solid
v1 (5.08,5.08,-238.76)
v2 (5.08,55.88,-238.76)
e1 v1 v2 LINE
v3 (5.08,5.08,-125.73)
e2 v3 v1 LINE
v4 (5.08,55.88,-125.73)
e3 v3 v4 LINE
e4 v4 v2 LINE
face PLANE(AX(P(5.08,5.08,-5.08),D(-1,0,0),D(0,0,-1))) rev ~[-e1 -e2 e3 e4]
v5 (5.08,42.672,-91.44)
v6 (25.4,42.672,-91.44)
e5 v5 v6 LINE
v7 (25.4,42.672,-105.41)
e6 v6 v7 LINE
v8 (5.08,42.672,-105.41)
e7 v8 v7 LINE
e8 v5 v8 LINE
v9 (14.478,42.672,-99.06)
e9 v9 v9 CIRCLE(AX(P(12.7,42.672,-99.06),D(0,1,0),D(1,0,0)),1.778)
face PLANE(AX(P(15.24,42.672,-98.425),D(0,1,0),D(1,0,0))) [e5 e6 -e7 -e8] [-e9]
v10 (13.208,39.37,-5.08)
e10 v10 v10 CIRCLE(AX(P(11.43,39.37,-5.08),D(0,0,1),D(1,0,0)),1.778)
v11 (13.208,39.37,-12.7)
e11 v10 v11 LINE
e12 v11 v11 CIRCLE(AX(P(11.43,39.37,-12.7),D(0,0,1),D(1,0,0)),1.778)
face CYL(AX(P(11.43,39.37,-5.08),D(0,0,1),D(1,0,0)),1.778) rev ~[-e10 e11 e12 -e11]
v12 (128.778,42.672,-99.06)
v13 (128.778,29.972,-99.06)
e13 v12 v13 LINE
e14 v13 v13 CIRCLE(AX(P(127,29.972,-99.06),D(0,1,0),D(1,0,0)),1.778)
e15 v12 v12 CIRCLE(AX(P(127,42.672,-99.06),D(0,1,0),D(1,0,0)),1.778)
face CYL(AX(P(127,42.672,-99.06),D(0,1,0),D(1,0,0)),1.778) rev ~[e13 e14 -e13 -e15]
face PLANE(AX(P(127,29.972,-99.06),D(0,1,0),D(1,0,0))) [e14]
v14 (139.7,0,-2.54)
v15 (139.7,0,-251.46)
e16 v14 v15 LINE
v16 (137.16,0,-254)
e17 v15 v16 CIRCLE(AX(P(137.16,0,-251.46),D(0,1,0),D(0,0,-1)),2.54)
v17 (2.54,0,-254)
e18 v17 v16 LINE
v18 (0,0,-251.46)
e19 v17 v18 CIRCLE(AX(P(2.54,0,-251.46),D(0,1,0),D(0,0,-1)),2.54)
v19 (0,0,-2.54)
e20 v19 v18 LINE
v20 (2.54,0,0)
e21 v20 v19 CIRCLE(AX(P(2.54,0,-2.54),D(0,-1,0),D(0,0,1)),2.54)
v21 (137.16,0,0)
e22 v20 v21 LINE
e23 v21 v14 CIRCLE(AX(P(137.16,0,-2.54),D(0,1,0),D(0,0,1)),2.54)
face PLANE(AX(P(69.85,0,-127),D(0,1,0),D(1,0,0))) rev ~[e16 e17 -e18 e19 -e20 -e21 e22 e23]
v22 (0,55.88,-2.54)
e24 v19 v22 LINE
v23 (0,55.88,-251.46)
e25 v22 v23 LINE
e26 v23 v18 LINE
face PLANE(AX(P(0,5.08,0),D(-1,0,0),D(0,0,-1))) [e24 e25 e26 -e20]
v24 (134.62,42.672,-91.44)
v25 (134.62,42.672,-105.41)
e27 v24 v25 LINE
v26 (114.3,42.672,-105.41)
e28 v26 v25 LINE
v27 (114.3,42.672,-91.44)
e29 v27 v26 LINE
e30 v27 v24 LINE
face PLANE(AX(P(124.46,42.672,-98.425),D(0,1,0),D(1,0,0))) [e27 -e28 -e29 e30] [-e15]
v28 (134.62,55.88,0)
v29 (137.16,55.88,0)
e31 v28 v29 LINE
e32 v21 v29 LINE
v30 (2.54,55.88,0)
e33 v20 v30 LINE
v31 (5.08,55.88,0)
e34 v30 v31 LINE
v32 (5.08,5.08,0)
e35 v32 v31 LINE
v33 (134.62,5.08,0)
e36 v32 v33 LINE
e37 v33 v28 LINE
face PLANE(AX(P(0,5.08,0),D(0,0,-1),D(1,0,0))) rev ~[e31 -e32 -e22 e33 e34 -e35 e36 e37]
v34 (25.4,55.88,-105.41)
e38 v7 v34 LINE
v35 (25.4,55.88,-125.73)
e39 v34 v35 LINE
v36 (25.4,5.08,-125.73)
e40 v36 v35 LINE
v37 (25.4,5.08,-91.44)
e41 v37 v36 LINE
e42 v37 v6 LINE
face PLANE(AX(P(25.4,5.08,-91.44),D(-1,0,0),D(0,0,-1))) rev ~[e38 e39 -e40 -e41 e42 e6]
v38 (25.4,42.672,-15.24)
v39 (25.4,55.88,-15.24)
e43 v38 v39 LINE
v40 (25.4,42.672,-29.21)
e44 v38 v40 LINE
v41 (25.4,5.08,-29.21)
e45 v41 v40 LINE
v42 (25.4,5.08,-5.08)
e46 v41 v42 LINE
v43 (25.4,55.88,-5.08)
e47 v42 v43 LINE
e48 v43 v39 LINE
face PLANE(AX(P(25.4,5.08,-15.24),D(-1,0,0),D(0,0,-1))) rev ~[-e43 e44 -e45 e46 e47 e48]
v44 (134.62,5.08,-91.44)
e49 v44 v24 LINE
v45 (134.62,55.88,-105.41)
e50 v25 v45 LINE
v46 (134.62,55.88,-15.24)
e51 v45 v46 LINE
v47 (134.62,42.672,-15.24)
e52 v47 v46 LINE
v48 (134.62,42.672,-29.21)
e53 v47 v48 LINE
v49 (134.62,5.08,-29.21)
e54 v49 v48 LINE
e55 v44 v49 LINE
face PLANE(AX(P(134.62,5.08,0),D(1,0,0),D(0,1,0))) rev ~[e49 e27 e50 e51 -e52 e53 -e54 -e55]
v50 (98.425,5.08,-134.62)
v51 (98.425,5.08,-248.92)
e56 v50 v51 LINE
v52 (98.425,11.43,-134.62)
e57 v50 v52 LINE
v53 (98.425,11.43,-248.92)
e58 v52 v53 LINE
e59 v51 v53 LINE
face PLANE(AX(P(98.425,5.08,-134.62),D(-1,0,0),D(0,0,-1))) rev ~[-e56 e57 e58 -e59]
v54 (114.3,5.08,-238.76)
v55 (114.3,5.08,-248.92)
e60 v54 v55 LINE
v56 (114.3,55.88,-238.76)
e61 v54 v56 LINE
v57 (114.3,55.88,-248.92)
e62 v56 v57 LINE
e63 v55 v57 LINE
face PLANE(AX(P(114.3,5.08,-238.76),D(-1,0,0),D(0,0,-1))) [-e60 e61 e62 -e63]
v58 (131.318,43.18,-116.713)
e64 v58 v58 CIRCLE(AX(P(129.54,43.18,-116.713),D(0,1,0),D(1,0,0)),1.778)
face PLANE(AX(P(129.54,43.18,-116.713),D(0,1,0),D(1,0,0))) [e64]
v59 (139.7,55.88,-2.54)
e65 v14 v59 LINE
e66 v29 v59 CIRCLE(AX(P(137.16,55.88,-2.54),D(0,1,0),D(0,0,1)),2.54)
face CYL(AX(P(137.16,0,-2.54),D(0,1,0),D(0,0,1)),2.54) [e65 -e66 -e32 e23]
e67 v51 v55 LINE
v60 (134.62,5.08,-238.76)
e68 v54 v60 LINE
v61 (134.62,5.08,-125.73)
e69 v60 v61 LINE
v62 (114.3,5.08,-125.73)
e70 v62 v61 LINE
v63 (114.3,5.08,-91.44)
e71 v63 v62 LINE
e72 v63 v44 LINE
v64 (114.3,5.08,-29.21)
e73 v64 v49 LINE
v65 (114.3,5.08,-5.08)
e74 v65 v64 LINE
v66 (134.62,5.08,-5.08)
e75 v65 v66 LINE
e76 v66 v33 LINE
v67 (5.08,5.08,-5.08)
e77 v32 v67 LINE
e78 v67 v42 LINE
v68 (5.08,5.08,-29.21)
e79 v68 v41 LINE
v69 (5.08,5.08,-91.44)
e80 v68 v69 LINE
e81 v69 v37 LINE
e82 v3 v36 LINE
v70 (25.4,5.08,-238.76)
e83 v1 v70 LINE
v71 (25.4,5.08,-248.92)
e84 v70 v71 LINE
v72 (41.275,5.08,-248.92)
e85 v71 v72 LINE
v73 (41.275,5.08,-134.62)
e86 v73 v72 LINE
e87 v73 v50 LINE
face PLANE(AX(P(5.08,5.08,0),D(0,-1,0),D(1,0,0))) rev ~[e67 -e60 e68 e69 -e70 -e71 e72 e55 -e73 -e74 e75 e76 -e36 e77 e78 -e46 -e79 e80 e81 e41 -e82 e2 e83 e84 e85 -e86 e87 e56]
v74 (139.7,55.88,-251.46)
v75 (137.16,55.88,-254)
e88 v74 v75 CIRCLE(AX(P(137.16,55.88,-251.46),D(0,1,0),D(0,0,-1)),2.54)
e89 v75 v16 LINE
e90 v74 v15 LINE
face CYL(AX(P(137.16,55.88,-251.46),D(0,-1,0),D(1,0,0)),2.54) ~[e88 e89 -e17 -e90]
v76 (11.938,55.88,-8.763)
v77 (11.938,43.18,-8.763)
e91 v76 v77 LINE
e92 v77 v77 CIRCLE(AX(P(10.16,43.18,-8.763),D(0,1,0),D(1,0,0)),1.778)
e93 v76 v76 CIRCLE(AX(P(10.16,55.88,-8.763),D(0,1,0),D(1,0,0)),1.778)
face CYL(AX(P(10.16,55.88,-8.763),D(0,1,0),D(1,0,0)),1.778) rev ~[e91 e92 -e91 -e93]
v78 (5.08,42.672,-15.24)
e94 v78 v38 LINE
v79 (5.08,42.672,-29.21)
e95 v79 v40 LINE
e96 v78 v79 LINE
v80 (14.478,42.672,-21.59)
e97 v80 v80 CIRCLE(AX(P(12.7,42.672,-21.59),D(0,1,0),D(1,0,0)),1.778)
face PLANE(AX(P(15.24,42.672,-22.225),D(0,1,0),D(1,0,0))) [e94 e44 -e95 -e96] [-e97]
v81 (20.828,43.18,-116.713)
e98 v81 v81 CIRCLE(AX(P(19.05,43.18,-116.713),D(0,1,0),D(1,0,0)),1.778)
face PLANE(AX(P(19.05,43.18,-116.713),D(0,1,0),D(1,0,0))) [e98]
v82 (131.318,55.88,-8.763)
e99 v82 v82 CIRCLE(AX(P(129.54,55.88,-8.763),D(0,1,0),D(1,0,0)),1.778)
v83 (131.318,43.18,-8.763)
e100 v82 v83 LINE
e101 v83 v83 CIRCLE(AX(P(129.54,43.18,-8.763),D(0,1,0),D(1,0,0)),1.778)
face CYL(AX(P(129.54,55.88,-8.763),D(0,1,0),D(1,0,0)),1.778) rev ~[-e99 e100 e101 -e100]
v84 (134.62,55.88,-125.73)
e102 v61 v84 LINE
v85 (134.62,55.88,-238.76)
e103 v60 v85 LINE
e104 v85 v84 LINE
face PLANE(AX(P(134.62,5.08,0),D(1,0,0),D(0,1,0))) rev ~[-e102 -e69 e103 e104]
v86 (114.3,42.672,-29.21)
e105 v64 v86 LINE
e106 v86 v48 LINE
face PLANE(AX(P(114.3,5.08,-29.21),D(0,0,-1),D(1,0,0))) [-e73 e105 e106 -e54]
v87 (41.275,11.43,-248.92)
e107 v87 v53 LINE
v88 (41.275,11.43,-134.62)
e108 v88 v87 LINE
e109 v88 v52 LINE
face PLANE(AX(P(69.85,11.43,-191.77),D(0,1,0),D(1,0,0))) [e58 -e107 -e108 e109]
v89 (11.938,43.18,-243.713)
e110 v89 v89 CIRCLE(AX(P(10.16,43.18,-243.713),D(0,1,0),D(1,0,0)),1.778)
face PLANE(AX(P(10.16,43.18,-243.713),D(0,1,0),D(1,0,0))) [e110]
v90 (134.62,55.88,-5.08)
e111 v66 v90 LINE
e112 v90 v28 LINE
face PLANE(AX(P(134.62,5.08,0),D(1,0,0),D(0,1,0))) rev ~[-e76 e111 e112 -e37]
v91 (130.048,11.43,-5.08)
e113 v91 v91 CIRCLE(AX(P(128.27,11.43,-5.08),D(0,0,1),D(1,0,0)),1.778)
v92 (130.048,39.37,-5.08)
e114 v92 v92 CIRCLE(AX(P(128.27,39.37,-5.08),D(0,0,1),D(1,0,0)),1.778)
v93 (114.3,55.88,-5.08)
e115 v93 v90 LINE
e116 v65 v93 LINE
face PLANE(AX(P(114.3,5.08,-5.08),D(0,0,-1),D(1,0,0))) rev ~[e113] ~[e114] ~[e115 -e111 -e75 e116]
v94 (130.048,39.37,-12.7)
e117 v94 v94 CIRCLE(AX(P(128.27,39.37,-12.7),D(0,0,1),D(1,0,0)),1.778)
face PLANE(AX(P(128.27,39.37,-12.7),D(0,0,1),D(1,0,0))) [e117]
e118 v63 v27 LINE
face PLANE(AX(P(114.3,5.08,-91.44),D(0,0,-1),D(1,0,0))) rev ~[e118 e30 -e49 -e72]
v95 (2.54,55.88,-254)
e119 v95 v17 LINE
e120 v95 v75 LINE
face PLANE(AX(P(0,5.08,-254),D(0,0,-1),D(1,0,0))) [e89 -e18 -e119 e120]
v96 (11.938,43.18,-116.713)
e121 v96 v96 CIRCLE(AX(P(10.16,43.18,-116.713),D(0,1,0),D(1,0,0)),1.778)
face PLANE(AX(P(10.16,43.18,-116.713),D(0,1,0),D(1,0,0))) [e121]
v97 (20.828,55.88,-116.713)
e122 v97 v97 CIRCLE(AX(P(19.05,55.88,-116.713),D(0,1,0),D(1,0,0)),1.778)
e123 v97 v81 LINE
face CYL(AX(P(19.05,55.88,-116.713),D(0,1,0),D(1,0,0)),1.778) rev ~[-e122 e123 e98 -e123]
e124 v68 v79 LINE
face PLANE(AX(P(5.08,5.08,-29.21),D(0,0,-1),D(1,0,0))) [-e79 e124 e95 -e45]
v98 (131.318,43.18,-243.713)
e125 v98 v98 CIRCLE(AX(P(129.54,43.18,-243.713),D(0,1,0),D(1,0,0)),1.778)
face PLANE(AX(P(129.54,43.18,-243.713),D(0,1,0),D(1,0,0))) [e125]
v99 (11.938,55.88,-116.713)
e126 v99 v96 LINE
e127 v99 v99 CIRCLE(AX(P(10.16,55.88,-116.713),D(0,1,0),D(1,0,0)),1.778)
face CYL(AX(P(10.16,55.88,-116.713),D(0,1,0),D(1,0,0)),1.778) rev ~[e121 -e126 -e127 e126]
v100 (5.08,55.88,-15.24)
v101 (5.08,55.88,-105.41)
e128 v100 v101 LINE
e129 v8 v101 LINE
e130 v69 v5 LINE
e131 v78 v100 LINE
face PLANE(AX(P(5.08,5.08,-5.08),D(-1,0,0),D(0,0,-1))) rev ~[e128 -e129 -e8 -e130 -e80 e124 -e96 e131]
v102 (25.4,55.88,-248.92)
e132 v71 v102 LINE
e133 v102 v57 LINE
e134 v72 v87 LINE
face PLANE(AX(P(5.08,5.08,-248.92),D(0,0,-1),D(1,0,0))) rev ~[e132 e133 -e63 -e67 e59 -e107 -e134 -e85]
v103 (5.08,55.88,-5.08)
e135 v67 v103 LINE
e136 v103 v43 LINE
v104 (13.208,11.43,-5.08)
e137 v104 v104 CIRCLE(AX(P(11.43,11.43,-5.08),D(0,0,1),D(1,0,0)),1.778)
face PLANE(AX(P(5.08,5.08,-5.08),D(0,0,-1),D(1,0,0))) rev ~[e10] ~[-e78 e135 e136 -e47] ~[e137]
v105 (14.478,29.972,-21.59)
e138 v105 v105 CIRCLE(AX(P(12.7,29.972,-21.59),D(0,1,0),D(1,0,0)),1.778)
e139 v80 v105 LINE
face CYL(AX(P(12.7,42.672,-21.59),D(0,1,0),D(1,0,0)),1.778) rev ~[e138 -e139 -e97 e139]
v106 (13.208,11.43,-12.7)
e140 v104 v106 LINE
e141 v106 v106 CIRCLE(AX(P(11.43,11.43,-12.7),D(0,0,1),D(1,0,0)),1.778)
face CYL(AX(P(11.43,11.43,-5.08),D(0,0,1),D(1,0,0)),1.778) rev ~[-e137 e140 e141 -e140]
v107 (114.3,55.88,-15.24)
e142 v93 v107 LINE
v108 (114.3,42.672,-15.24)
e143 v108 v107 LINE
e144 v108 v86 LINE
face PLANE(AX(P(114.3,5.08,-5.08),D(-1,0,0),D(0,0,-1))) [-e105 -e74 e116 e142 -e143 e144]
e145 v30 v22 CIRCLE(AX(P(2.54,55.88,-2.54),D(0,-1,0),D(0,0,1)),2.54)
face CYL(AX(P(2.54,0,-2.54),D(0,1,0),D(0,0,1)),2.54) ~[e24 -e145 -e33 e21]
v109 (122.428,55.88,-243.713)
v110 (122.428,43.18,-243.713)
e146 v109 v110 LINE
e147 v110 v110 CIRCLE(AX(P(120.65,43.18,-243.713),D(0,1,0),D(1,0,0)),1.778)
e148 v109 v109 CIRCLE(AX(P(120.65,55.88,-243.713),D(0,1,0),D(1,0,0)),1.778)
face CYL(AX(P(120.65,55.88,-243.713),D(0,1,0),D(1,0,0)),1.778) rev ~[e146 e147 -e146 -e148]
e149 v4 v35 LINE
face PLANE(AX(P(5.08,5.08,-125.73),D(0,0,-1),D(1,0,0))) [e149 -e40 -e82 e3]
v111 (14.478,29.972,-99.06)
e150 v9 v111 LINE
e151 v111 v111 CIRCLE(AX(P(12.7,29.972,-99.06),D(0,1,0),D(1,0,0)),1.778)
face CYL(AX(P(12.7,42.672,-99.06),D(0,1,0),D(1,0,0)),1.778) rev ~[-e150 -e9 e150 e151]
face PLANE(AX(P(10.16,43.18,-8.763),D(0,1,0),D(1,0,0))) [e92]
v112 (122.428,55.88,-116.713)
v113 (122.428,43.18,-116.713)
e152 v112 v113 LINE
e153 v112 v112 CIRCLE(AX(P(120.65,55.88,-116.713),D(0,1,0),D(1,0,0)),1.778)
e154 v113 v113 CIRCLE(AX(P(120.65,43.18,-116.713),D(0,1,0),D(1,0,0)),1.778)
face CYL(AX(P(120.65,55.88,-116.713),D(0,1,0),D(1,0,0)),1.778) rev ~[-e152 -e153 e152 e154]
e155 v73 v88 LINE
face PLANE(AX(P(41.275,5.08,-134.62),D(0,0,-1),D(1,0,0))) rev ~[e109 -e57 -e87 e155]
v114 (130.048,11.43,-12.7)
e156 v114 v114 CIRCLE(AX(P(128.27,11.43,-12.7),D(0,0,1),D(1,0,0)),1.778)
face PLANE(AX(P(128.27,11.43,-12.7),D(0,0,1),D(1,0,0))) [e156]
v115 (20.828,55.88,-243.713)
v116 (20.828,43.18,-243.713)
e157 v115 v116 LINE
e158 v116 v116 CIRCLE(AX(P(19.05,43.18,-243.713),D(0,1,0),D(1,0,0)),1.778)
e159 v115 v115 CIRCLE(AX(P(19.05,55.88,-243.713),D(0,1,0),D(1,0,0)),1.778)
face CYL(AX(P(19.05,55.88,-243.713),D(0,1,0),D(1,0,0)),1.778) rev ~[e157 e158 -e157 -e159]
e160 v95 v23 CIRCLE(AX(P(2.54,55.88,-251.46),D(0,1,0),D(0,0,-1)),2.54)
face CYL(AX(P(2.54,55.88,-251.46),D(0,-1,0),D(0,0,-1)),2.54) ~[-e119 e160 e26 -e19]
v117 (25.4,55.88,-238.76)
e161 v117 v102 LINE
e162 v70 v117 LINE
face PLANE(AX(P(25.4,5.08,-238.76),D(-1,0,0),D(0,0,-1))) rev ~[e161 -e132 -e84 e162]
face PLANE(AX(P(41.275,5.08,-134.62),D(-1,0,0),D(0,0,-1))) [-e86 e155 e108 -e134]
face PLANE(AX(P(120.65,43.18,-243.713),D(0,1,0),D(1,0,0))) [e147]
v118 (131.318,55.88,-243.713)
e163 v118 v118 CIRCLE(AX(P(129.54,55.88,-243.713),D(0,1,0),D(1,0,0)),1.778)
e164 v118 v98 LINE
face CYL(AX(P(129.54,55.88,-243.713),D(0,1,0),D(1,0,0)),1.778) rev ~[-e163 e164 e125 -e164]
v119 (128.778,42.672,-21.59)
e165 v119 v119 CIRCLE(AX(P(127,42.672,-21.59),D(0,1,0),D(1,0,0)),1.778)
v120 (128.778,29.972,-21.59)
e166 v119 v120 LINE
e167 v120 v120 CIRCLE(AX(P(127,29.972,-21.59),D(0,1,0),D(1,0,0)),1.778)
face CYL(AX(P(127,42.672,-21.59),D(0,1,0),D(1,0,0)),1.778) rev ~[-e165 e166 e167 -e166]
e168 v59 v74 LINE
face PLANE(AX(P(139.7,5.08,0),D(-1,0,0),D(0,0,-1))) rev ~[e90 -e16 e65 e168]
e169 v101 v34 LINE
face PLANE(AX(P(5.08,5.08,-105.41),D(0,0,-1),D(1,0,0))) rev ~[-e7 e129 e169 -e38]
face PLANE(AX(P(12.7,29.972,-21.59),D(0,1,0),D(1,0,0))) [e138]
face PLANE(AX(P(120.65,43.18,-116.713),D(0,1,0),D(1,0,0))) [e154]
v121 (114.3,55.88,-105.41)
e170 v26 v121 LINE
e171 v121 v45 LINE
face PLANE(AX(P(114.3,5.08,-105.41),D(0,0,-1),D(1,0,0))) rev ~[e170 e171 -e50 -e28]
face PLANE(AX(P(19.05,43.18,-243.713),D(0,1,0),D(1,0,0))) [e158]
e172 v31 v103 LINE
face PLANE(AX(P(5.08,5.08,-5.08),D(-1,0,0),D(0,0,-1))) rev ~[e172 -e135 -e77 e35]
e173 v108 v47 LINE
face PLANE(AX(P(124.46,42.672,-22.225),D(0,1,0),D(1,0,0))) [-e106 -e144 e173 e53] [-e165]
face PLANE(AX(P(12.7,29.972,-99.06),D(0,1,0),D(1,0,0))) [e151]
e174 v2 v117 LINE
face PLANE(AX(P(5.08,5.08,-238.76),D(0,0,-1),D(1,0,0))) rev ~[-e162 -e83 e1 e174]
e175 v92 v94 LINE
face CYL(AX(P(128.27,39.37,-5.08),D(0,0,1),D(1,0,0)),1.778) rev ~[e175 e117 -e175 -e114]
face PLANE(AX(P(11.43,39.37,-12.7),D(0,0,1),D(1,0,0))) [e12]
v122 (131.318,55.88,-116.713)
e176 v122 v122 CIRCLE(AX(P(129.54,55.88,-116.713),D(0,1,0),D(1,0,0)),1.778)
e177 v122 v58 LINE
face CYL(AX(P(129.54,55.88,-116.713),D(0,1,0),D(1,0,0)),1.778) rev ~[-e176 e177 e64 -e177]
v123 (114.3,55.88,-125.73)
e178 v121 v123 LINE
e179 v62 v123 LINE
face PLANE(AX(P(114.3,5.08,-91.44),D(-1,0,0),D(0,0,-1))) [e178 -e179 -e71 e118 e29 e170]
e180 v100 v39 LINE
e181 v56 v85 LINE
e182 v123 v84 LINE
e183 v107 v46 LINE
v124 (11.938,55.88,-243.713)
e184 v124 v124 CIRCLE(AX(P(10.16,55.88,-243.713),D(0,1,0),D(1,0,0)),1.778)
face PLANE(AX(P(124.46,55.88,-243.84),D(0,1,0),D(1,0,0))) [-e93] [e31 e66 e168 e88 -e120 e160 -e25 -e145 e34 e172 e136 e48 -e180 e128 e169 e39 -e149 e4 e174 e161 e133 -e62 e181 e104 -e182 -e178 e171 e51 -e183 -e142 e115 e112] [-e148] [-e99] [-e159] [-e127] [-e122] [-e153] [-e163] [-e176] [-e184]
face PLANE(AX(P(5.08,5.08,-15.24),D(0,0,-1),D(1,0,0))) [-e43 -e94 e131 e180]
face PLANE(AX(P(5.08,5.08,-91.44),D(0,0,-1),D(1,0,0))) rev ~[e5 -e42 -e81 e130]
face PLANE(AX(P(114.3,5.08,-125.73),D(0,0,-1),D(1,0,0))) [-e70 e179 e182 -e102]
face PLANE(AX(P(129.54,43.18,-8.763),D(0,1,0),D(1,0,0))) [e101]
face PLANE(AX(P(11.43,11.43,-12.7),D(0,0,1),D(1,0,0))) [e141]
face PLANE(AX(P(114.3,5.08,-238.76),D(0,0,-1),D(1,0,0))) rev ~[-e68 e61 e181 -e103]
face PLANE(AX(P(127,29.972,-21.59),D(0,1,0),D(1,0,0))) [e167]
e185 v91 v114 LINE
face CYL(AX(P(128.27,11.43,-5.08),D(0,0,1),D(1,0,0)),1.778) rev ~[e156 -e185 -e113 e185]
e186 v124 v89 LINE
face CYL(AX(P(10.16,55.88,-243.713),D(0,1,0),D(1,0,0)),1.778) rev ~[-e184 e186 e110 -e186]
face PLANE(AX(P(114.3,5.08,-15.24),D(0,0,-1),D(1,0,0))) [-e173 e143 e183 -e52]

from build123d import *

# Parameters (mm, degrees)
SKETCH1_W                  = 139.7
SKETCH1_H                  = 254
BASE_DEPTH                 = 5.08
SKETCH2_W                  = 139.7
SKETCH2_H                  = 254
SKETCH2_W_2                = 129.54
SKETCH2_H_2                = 243.84
WALLS_DEPTH                = 50.8
SKETCH4_W                  = 129.54
SKETCH4_H                  = 50.8
BOTTOM_CUT_DEPTH           = 139.7
SKETCH12_W                 = 20.32
SKETCH12_H                 = 10.16
SKETCH12_H_2               = 20.32
MOUNTING_STRUTS_DEPTH      = 50.8
SKETCH13_R                 = 1.778
PANEL_MOUNTING_HOLES_DEPTH = 12.7
BOSS_EXTRUDE6_START        = -48.768
SKETCH14_W                 = 20.32
SKETCH14_H                 = 10.16
BOSS_EXTRUDE6_DEPTH        = 50.8
SKETCH17_R                 = 1.778
FRONT_MOUNTING_HOLES_DEPTH = 12.7
CORNER_FILLET_R            = 2.54
SKETCH18_W                 = 20.32
SKETCH18_H                 = 13.97
INSERT_MOUNT_DEPTH         = 37.592
SKETCH19_R                 = 1.778
CUT_EXTRUDE1_DEPTH         = 12.7
SKETCH20_W                 = 57.15
SKETCH20_H                 = 114.3
ARDUINO_MOUNT_DEPTH        = 6.35
SKETCH21_R                 = 1.778
CUT_EXTRUDE2_DEPTH         = 7.62


with BuildPart() as part:
    # Sketch1 → Base (new body)
    with BuildSketch(Plane(origin=(0, 0, 0), x_dir=(1, 0, 0), z_dir=(0, 1, 0))):
        with Locations((69.85, 127)):
            Rectangle(SKETCH1_W, SKETCH1_H)
    extrude(amount=BASE_DEPTH)

    # Sketch2 → Walls (add)
    with BuildSketch(Plane(origin=(0, 5.08, 0), x_dir=(1, 0, 0), z_dir=(0, 1, 0))):
        with Locations((69.85, 127)):
            Rectangle(SKETCH2_W, SKETCH2_H)
        with Locations((69.85, 127)):
            Rectangle(SKETCH2_W_2, SKETCH2_H_2, mode=Mode.SUBTRACT)
    extrude(amount=WALLS_DEPTH)

    # Sketch4 → Bottom Cut (cut)
    with BuildSketch(Plane.XY):
        with Locations((69.85, 30.48)):
            Rectangle(SKETCH4_W, SKETCH4_H)
    extrude(amount=-BOTTOM_CUT_DEPTH, mode=Mode.SUBTRACT)

    # Sketch12 → Mounting Struts (add)
    with BuildSketch(Plane(origin=(0, 5.08, 0), x_dir=(1, 0, 0), z_dir=(0, 1, 0))):
        with Locations((124.46, 243.84)):
            Rectangle(SKETCH12_W, SKETCH12_H)
        with Locations((15.24, 243.84)):
            Rectangle(SKETCH12_W, SKETCH12_H)
        with Locations((124.46, 115.57)):
            Rectangle(SKETCH12_W, SKETCH12_H_2)
        with Locations((15.24, 115.57)):
            Rectangle(SKETCH12_W, SKETCH12_H_2)
    extrude(amount=MOUNTING_STRUTS_DEPTH)

    # Sketch13 → Panel Mounting Holes (cut)
    with BuildSketch(Plane(origin=(0, 55.88, 0), x_dir=(1, 0, 0), z_dir=(0, 1, 0))):
        with Locations((120.65, 243.713)):
            Circle(SKETCH13_R)
        with Locations((19.05, 243.713)):
            Circle(SKETCH13_R)
        with Locations((120.65, 116.713)):
            Circle(SKETCH13_R)
        with Locations((19.05, 116.713)):
            Circle(SKETCH13_R)
    extrude(amount=-PANEL_MOUNTING_HOLES_DEPTH, mode=Mode.SUBTRACT)

    # Sketch14 → Boss-Extrude6 (add)
    with BuildSketch(Plane(origin=(0, 53.848, 0), x_dir=(1, 0, 0), z_dir=(0, 1, 0)).offset(BOSS_EXTRUDE6_START)):
        with Locations((124.46, 10.16)):
            Rectangle(SKETCH14_W, SKETCH14_H)
        with Locations((15.24, 10.16)):
            Rectangle(SKETCH14_W, SKETCH14_H)
    extrude(amount=BOSS_EXTRUDE6_DEPTH)

    # Sketch17 → Front Mounting Holes (cut)
    with BuildSketch(Plane(origin=(0, 55.88, 0), x_dir=(1, 0, 0), z_dir=(0, 1, 0))):
        with Locations((129.54, 243.713)):
            Circle(SKETCH17_R)
        with Locations((10.16, 243.713)):
            Circle(SKETCH17_R)
        with Locations((10.16, 116.713)):
            Circle(SKETCH17_R)
        with Locations((129.54, 116.713)):
            Circle(SKETCH17_R)
        with Locations((129.54, 8.763)):
            Circle(SKETCH17_R)
        with Locations((10.16, 8.763)):
            Circle(SKETCH17_R)
    extrude(amount=-FRONT_MOUNTING_HOLES_DEPTH, mode=Mode.SUBTRACT)

    # Corner Fillet
    corner_fillet_edges = [part.edges().sort_by_distance(p)[0] for p in [
        (0, 27.94, -254),
        (139.7, 27.94, -254),
        (139.7, 27.94, 0),
        (0, 27.94, 0),
    ]]
    fillet(corner_fillet_edges, radius=CORNER_FILLET_R)

    # Sketch18 → Insert Mount (add)
    with BuildSketch(Plane(origin=(0, 5.08, 0), x_dir=(1, 0, 0), z_dir=(0, 1, 0))):
        with Locations((15.24, 98.425)):
            Rectangle(SKETCH18_W, SKETCH18_H)
        with Locations((124.46, 98.425)):
            Rectangle(SKETCH18_W, SKETCH18_H)
        with Locations((124.46, 22.225)):
            Rectangle(SKETCH18_W, SKETCH18_H)
        with Locations((15.24, 22.225)):
            Rectangle(SKETCH18_W, SKETCH18_H)
    extrude(amount=INSERT_MOUNT_DEPTH)

    # Sketch19 → Cut-Extrude1 (cut)
    with BuildSketch(Plane(origin=(0, 42.672, 0), x_dir=(1, 0, 0), z_dir=(0, 1, 0))):
        with Locations((12.7, 99.06)):
            Circle(SKETCH19_R)
        with Locations((127, 99.06)):
            Circle(SKETCH19_R)
        with Locations((127, 21.59)):
            Circle(SKETCH19_R)
        with Locations((12.7, 21.59)):
            Circle(SKETCH19_R)
    extrude(amount=-CUT_EXTRUDE1_DEPTH, mode=Mode.SUBTRACT)

    # Sketch20 → Arduino Mount (add)
    with BuildSketch(Plane(origin=(0, 5.08, 0), x_dir=(1, 0, 0), z_dir=(0, 1, 0))):
        with Locations((69.85, 191.77)):
            Rectangle(SKETCH20_W, SKETCH20_H)
    extrude(amount=ARDUINO_MOUNT_DEPTH)

    # Sketch21 → Cut-Extrude2 (cut)
    with BuildSketch(Plane.XY.offset(-5.08)):
        with Locations((128.27, 11.43)):
            Circle(SKETCH21_R)
        with Locations((128.27, 39.37)):
            Circle(SKETCH21_R)
        with Locations((11.43, 39.37)):
            Circle(SKETCH21_R)
        with Locations((11.43, 11.43)):
            Circle(SKETCH21_R)
    extrude(amount=-CUT_EXTRUDE2_DEPTH, mode=Mode.SUBTRACT)


solid = part.part
